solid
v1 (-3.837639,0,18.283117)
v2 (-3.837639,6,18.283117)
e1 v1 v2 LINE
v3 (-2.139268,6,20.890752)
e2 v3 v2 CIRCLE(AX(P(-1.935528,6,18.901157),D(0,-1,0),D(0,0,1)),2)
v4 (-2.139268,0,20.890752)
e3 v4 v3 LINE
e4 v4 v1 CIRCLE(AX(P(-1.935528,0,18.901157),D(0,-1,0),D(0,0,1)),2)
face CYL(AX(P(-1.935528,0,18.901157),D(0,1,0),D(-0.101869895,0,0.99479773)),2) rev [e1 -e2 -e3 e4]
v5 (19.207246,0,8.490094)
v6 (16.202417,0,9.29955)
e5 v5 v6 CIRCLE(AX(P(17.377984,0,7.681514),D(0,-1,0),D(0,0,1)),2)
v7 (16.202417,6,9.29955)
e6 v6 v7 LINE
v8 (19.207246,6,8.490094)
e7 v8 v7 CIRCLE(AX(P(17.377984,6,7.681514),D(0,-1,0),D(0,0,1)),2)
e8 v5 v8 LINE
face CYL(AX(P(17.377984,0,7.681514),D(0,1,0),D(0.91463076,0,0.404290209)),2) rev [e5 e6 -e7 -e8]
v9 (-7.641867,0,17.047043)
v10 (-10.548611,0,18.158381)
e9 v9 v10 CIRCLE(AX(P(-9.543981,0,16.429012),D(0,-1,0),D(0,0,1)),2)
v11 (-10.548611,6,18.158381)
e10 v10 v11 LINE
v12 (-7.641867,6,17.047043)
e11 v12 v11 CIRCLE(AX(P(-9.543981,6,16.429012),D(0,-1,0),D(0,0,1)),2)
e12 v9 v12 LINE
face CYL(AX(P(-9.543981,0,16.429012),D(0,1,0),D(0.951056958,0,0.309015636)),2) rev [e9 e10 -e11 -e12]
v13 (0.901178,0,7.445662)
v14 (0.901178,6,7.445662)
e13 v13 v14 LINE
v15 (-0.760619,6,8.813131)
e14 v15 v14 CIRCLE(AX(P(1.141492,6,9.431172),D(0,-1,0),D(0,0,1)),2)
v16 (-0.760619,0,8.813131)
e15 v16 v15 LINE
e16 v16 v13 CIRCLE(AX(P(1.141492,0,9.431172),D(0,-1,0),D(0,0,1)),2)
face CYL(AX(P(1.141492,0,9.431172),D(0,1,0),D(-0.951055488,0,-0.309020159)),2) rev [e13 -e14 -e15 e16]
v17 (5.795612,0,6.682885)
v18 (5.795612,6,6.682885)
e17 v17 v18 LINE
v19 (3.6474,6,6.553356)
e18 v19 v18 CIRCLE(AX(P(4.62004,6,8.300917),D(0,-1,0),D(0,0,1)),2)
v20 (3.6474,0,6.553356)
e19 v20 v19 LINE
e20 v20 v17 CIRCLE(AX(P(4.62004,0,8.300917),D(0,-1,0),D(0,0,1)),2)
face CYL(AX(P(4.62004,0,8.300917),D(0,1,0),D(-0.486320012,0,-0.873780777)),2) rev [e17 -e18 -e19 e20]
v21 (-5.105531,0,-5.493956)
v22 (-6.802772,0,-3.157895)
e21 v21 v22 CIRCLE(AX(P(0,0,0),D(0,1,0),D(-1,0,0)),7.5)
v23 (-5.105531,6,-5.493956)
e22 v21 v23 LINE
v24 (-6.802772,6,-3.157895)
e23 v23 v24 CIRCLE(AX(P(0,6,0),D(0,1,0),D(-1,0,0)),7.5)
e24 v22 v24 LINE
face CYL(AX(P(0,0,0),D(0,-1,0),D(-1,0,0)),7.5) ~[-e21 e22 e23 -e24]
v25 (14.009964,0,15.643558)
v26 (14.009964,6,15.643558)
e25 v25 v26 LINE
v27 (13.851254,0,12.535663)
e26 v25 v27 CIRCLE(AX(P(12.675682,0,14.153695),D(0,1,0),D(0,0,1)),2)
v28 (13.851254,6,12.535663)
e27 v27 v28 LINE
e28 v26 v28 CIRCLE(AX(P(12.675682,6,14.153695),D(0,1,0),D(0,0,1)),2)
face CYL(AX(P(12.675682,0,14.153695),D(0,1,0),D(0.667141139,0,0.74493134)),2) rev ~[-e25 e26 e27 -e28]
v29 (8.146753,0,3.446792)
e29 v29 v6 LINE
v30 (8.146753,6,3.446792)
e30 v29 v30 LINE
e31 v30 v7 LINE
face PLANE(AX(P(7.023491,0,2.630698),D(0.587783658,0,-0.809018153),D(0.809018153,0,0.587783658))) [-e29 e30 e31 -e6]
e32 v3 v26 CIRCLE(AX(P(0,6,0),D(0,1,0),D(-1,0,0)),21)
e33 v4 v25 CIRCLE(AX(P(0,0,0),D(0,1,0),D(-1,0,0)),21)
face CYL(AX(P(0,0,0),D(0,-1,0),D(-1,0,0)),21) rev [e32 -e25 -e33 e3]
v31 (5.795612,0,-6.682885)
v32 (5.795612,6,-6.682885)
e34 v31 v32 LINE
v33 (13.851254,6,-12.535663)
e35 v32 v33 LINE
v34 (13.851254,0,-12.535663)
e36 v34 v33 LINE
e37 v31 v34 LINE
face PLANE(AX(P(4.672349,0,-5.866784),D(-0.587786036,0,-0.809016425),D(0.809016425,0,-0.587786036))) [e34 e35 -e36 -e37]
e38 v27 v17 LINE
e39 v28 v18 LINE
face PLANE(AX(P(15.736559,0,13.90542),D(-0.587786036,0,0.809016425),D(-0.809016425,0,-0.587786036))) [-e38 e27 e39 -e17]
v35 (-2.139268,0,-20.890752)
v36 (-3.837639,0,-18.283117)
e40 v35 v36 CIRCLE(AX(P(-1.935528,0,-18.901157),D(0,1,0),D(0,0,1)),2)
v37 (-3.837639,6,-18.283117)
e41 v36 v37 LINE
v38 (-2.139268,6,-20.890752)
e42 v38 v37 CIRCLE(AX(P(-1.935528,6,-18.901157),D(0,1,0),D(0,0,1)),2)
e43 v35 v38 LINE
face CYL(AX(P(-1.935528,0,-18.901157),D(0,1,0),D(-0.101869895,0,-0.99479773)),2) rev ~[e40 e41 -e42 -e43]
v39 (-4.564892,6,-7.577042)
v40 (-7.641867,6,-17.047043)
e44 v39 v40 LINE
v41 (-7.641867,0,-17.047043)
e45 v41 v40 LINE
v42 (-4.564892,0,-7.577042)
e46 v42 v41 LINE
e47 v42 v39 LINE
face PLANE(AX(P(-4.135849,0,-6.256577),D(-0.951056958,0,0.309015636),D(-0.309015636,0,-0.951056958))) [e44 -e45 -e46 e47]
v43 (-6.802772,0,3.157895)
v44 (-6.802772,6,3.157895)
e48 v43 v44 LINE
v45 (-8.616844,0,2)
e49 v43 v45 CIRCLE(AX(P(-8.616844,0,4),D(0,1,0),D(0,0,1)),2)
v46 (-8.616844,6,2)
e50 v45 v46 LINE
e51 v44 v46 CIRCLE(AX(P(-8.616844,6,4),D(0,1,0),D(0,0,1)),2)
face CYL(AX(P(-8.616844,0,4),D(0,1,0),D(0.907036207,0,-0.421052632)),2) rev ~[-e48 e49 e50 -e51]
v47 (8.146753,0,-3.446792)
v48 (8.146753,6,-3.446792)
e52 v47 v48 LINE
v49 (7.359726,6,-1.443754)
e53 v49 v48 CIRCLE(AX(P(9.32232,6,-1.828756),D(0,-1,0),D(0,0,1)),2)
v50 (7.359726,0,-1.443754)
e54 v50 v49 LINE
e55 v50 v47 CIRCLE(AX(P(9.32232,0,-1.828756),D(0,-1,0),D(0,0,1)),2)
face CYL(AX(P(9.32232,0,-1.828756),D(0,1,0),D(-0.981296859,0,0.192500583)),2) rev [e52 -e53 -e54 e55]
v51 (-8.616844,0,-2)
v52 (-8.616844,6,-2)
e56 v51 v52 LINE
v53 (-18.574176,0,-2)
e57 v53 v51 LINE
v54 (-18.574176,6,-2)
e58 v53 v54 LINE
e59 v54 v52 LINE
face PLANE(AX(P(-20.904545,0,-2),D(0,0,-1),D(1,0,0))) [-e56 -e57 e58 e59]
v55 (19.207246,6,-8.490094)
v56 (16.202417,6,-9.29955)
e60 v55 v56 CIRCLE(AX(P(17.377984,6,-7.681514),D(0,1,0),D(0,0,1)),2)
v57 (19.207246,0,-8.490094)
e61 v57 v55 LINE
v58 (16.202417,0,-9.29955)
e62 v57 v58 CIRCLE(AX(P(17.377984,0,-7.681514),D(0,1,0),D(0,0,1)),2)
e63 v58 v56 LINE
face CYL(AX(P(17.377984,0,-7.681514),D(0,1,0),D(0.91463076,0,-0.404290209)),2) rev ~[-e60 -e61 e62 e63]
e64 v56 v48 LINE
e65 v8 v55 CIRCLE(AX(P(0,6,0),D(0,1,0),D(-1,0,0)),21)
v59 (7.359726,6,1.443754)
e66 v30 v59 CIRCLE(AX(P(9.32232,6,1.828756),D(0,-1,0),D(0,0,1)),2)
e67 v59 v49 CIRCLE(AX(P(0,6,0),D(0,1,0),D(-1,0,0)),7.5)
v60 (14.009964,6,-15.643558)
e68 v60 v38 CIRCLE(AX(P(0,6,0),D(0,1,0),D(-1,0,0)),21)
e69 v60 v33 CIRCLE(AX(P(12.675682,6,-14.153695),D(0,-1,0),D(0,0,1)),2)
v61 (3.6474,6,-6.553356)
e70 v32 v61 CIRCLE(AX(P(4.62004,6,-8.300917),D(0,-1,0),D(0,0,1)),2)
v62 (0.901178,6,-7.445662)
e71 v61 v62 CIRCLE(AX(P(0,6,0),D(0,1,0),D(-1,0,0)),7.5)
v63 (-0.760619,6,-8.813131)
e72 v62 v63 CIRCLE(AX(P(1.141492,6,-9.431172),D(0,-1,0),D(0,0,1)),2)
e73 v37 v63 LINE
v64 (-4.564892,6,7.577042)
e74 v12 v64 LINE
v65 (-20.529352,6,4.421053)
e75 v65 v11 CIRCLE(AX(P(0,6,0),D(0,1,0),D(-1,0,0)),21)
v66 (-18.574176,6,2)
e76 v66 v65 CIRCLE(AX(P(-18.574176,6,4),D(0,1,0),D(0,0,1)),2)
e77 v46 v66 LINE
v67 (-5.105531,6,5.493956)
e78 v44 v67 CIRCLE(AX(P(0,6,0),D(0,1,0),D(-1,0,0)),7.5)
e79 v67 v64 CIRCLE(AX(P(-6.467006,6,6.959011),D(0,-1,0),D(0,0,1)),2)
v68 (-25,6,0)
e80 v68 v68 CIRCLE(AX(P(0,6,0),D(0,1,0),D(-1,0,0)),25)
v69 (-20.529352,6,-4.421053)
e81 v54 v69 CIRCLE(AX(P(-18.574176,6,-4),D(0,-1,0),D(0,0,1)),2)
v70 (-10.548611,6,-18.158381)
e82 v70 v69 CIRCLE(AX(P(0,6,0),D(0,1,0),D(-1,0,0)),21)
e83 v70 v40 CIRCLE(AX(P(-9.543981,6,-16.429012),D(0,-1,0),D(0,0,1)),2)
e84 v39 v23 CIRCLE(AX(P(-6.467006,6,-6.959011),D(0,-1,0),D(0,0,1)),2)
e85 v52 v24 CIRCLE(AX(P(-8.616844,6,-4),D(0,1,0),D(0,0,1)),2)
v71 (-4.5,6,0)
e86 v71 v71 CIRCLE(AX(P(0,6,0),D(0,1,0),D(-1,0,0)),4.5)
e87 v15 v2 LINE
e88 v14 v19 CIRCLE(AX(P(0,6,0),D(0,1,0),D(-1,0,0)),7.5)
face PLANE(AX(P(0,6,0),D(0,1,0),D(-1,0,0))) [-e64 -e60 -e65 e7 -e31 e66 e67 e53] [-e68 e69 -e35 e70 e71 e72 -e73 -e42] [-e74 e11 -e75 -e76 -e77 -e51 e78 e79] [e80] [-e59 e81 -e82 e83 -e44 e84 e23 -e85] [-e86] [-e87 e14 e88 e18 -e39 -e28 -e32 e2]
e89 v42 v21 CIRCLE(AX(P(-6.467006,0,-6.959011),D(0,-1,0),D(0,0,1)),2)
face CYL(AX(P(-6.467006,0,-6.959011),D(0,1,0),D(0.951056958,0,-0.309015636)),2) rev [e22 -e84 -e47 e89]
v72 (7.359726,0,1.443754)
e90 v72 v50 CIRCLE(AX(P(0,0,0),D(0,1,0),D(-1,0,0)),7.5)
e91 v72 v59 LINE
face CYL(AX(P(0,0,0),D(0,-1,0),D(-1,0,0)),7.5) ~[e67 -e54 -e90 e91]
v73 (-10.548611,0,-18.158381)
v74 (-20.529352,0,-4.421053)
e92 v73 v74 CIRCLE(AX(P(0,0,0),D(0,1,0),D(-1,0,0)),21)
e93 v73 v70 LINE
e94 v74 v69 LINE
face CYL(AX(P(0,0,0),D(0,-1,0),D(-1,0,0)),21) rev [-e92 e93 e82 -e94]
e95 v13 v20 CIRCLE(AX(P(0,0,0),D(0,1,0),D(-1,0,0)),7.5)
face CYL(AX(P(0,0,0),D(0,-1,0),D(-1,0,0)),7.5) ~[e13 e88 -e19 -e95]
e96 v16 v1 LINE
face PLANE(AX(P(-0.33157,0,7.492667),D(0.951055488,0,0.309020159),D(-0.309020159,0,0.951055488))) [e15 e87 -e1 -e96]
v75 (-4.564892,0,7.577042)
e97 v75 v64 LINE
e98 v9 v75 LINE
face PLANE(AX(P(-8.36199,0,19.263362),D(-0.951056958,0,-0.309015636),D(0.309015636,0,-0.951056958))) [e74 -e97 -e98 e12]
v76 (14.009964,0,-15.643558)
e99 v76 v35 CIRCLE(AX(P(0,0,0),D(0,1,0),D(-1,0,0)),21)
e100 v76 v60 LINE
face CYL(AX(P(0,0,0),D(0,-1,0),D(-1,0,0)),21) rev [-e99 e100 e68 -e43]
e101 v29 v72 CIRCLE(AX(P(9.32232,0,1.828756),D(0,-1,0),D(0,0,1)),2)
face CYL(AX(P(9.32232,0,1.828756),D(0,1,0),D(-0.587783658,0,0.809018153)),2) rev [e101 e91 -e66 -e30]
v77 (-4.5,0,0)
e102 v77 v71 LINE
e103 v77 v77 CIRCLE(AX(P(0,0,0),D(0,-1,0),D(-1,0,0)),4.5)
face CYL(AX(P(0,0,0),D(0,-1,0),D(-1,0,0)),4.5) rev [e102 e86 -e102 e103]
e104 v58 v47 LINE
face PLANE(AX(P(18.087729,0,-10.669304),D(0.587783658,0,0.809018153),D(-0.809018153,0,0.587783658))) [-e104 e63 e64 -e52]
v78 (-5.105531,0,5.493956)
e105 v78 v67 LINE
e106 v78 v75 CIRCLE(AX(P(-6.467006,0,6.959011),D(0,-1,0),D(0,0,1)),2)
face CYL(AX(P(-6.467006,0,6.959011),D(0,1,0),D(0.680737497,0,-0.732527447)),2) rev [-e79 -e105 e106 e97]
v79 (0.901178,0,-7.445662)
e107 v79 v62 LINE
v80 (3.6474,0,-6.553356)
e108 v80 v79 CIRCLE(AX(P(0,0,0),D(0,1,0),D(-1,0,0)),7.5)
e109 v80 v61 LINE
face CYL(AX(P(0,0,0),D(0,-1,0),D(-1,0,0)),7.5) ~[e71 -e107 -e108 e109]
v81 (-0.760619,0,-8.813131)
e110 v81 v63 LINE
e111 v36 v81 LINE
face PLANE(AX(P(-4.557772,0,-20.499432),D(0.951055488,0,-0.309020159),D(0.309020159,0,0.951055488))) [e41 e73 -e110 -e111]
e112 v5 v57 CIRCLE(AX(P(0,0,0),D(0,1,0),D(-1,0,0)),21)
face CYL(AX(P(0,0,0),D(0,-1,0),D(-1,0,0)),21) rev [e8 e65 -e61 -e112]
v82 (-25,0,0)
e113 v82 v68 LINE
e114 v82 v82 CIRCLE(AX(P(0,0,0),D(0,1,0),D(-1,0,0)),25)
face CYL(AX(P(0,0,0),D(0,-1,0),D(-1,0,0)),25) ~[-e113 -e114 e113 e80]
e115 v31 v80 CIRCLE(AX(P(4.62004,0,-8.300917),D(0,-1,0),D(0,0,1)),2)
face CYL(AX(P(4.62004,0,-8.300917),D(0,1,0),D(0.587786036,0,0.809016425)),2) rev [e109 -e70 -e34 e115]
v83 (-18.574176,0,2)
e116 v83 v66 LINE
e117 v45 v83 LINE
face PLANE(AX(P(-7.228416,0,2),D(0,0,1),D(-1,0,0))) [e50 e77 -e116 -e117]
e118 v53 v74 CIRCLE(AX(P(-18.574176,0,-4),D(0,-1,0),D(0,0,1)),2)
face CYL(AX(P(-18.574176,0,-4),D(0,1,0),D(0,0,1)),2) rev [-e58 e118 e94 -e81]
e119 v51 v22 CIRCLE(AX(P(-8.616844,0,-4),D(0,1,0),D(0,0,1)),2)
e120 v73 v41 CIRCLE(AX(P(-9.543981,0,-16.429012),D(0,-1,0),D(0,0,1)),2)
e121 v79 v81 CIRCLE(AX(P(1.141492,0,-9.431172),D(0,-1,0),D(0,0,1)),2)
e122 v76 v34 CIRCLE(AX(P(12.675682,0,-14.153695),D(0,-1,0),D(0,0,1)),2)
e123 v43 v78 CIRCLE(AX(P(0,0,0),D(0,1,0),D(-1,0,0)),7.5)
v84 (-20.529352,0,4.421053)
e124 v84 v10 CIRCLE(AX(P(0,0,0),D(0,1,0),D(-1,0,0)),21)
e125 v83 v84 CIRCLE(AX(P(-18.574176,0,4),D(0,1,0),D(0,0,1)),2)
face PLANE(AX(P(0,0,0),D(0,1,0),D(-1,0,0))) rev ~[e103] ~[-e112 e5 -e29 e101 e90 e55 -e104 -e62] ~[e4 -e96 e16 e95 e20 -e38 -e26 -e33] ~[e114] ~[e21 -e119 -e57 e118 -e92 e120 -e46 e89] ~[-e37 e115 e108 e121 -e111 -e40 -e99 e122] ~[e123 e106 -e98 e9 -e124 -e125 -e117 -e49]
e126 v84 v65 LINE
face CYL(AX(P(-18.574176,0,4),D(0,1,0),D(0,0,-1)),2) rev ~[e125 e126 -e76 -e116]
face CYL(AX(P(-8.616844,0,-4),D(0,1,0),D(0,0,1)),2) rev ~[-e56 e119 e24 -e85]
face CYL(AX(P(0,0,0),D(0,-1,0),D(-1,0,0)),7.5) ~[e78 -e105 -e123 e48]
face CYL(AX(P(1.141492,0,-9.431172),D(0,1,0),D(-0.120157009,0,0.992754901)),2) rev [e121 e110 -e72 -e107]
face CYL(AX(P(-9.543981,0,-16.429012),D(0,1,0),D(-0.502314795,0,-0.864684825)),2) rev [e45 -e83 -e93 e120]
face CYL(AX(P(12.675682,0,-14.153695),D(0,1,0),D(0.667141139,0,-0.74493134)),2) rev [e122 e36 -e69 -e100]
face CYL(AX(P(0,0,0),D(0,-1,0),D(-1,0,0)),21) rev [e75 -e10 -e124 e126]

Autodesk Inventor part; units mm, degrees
ref_plane "YZ Plane" through (0, 0, 0) normal (1, 0, 0) x (0, 1, 0)
ref_plane "XZ Plane" through (0, 0, 0) normal (0, 1, 0) x (-1, 0, 0)
ref_plane "XY Plane" through (0, 0, 0) normal (0, 0, 1) x (1, 0, 0)
sketch "Sketch1" plane through (0, 0, 0) normal (0, 1, 0) x (-1, 0, 0)
  circle A0 centre (0, 0) radius 4.5
  circle A1 centre (0, 0) radius 25
  circle A2 centre (0, 0) radius 7.5
  circle A3 centre (0, 0) radius 21
  line L0 (0, 0) -> (25, 0)
  line L1 (22.5, 2) -> (22.5, -2)
  line L2 (22.5, -2) -> (2.5, -2)
  line L3 (2.5, -2) -> (2.5, 2)
  line L4 (2.5, 2) -> (22.5, 2)
  line L5 (22.5, 2) -> (2.5, -2) construction
  line L6 (22.5, -2) -> (2.5, 2) construction
  line L7 (5.0508, 22.0168) -> (8.855, 20.7807)
  line L8 (-1.1296, 2.9957) -> (5.0508, 22.0168)
  line L9 (8.855, 20.7807) -> (2.6747, 1.7596)
  line L10 (2.6747, 1.7596) -> (-1.1296, 2.9957)
  line L11 (-19.3785, 11.6071) -> (-17.0273, 14.8432)
  line L12 (-3.1981, -0.1486) -> (-19.3785, 11.6071)
  line L13 (-17.0273, 14.8432) -> (-0.847, 3.0875)
  line L14 (-0.847, 3.0875) -> (-3.1981, -0.1486)
  line L15 (-17.0273, -14.8432) -> (-19.3785, -11.6071)
  line L16 (-0.847, -3.0875) -> (-17.0273, -14.8432)
  line L17 (-19.3785, -11.6071) -> (-3.1981, 0.1486)
  line L18 (-3.1981, 0.1486) -> (-0.847, -3.0875)
  line L19 (8.855, -20.7807) -> (5.0508, -22.0168)
  line L20 (2.6747, -1.7596) -> (8.855, -20.7807)
  line L21 (5.0508, -22.0168) -> (-1.1296, -2.9957)
  line L22 (-1.1296, -2.9957) -> (2.6747, -1.7596)
  point P0 (12.5, 0)
  point P1 (7.2284, -2)
  point P2 (20.9045, -2)
  point P3 (8.362, -19.2634)
  point P4 (4.1358, -6.2566)
  point P5 (7.2284, 2)
  point P6 (4.1358, 6.2566)
  point P7 (8.362, 19.2634)
  point P8 (20.9045, 2)
  point P9 (0.3316, 7.4927)
  point P10 (-4.6723, 5.8668)
  point P11 (-15.7366, 13.9054)
  point P12 (4.5577, 20.4994)
  point P13 (-4.6723, -5.8668)
  point P14 (0.3316, -7.4927)
  point P15 (4.5577, -20.4994)
  point P16 (-15.7366, -13.9054)
  point P17 (-7.0235, 2.6307)
  point P18 (-7.0235, -2.6307)
  point P19 (-18.0877, -10.6693)
  point P20 (-18.0877, 10.6693)
  dimension "d1" = 50
  dimension "d0" = 9
  dimension "d2" = 3
  dimension "d3" = 4
  dimension "d4" = 4
  dimension "d5" = 20
  dimension "d8" = 360
extrude "Extrusion1" add sketch "Sketch1" along normal blind 6 contours L0 A2 L2 A0 | A0 L4 A2 L0 | A0 L9 A2 L4 | L2 A2 L20 A0 | L0 A3 L2 A2 | A2 L4 A3 L0 | A0 L8 A2 L9 | L20 A2 L21 A0 | L0 L1 L2 A3 | A3 L4 L1 L0 | A0 L13 A2 L8 | A2 L8 A3 L9 | A1 | L21 A2 L16 A0 | L20 A3 L21 A2 | A0 L12 A2 L13 | A3 L8 L7 L9 | L16 A2 L17 A0 | L20 L19 L21 A3 | A0 L17 A2 L12 | A2 L12 A3 L13 | L16 A3 L17 A2 | A3 L12 L11 L13 | L16 L15 L17 A3
fillet "Fillet1" radius 2 4 edges at (-8.362, 3, 19.2634) (-20.9045, 3, 2) (-7.2284, 3, 2) (-4.1358, 3, 6.2566)
pattern_circular "Circular Pattern1" count 5 over 360 about axis through (0, 0, 0) along (0, 1, 0) of "Fillet1"
properties part number "8_6mm"
